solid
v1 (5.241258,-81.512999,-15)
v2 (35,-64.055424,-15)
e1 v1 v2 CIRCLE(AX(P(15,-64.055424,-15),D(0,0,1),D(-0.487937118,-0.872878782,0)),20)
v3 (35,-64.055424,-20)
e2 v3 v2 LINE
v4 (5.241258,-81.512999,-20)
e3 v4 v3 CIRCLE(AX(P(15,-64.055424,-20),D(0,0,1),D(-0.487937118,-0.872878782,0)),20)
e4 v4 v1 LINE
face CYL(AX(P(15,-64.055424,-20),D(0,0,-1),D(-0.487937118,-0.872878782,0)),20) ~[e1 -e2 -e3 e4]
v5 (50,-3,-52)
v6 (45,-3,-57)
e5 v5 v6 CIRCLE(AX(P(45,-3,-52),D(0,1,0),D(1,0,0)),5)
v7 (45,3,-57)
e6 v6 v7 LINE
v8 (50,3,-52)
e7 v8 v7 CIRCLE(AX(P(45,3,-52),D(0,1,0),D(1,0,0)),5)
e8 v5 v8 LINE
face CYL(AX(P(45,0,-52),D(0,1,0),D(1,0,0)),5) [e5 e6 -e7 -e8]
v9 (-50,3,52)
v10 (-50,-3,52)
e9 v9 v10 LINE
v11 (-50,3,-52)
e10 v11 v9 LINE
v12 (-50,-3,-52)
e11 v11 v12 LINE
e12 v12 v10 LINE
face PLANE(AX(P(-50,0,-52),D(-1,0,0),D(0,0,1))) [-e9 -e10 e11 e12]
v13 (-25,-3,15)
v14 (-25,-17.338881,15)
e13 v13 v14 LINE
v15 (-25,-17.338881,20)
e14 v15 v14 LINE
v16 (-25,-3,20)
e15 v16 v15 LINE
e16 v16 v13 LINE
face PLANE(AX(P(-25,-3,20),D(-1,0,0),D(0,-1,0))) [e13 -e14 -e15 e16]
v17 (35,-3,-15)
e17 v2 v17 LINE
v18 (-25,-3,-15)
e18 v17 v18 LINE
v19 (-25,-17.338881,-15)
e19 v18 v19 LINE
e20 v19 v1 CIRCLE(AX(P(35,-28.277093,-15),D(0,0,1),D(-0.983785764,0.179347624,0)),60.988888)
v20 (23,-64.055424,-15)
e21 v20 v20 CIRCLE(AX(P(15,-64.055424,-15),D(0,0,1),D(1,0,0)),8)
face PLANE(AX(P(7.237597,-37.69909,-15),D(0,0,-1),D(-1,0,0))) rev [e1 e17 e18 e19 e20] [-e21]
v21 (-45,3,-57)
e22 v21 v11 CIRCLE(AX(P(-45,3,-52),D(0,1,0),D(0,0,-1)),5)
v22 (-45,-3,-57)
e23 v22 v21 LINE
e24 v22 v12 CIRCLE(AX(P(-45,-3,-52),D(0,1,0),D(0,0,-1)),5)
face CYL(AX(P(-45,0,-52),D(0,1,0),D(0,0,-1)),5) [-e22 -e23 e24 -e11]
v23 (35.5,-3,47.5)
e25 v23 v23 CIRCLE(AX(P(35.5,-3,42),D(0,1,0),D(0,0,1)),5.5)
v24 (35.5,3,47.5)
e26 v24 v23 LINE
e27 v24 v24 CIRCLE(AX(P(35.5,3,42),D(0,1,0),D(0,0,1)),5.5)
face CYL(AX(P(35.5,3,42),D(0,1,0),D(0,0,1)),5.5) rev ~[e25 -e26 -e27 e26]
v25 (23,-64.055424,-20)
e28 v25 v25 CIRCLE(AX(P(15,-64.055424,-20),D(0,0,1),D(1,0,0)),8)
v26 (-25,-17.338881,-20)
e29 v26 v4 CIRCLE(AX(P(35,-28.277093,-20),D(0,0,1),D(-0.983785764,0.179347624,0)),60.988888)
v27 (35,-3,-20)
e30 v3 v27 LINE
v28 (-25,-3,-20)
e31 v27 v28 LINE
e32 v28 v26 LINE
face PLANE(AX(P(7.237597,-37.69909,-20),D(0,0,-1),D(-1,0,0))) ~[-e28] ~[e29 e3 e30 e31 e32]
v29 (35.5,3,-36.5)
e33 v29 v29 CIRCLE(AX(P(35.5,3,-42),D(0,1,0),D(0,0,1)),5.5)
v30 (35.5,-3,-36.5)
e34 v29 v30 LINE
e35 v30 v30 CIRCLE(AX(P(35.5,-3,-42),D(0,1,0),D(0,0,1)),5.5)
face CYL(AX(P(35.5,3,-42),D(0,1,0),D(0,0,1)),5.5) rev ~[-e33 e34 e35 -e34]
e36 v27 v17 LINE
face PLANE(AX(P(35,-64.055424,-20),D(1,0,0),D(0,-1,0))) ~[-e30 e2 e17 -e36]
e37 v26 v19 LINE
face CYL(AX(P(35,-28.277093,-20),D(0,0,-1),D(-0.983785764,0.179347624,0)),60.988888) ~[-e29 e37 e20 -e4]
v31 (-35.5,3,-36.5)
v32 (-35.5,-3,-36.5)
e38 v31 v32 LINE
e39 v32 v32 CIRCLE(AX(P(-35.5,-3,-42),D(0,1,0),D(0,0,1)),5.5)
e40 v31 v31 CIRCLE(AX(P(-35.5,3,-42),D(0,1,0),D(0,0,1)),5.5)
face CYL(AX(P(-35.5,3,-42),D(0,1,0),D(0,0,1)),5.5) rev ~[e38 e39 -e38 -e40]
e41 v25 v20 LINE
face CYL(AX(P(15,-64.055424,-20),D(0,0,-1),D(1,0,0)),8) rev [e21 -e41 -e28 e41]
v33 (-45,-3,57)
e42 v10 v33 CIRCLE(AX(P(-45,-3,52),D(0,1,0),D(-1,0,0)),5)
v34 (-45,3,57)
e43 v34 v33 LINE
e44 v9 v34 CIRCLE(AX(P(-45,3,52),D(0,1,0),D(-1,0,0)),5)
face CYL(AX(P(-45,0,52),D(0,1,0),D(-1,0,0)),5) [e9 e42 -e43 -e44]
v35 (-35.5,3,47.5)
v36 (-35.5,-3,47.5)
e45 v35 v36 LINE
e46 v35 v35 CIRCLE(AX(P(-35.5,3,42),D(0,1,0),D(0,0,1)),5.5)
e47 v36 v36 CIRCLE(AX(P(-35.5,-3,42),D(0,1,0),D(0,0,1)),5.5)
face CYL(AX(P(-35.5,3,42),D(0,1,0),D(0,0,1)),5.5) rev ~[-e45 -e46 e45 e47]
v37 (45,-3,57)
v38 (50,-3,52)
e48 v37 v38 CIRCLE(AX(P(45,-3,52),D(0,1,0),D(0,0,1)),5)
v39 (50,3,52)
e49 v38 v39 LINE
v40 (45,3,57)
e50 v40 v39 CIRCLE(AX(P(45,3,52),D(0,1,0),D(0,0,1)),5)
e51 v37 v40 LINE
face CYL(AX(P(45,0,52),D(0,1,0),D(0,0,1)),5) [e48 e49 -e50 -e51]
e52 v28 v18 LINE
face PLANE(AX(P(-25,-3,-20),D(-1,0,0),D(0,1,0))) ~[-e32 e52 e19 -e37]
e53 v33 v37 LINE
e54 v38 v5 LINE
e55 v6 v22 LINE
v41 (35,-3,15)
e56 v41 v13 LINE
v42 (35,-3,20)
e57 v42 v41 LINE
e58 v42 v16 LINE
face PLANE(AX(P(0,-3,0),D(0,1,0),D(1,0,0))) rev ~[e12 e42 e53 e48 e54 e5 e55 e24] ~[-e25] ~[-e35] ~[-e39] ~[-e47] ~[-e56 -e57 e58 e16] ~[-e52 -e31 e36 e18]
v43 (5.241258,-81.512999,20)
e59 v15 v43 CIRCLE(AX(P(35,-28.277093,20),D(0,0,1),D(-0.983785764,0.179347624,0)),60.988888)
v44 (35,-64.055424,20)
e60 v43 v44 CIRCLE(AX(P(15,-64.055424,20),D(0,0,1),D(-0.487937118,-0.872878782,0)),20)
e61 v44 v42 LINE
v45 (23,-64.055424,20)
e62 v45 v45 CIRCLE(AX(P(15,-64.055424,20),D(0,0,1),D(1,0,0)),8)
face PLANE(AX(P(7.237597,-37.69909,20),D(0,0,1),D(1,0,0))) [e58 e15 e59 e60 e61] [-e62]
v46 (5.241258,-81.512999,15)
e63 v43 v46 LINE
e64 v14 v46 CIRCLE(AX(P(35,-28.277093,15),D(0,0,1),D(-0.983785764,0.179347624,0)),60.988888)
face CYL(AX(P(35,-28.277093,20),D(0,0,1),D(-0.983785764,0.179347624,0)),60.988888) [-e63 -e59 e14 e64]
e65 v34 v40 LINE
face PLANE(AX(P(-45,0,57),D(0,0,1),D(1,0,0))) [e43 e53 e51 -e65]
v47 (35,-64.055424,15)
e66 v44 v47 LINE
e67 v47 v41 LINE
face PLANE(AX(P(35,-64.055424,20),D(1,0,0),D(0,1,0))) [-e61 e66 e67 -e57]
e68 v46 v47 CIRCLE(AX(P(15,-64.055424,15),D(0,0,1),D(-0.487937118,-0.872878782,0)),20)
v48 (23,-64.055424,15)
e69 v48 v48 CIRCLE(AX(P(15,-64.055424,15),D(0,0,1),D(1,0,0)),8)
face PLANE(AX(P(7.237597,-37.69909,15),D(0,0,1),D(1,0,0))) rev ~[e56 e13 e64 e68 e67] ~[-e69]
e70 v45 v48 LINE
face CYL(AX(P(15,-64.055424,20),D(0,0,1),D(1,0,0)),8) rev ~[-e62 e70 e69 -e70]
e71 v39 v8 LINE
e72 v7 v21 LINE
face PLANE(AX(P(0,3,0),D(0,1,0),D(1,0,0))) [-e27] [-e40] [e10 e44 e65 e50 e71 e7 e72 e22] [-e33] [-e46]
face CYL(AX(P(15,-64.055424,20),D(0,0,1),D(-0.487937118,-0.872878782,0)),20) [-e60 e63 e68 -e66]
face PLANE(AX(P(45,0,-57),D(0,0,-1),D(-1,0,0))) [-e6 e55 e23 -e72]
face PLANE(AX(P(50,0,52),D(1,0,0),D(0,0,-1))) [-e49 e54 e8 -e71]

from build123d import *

# Parameters (mm, degrees)
BOSS_EXTRUDE1_DEPTH = 3
BOSS_EXTRUDE2_START = 20
SKETCH2_R           = 8
BOSS_EXTRUDE2_DEPTH = 5
SKETCH3_R           = 5.5
CUT_EXTRUDE1_DEPTH  = 116.445427837


with BuildPart() as part:
    # Sketch1 → Boss-Extrude1 (new, symmetric)
    with BuildSketch(Plane(origin=(0, 0, 0), x_dir=(1, 0, 0), z_dir=(0, 1, 0))):
        with BuildLine():
            Line((-45, -57), (45, -57))
            ThreePointArc((45, -57), (48.535533906, -55.535533906), (50, -52))
            Line((50, -52), (50, 52))
            ThreePointArc((50, 52), (48.535533906, 55.535533906), (45, 57))
            Line((45, 57), (-45, 57))
            ThreePointArc((-45, 57), (-48.535533906, 55.535533906), (-50, 52))
            Line((-50, 52), (-50, -52))
            ThreePointArc((-50, -52), (-48.535533906, -55.535533906), (-45, -57))
        make_face()
    extrude(amount=BOSS_EXTRUDE1_DEPTH, both=True)

    # Sketch2 → Boss-Extrude2 (add)
    with BuildSketch(Plane.XY.offset(BOSS_EXTRUDE2_START)):
        with BuildLine():
            Line((-25, -3), (-25, -17.338880751))
            ThreePointArc((-25, -17.338880751), (-20.170076441, -54.275307328), (5.241257633, -81.512999419))
            ThreePointArc((5.241257633, -81.512999419), (25.119909898, -81.306146184), (35, -64.055423774))
            Line((35, -64.055423774), (35, -3))
            Line((35, -3), (-25, -3))
        make_face()
        with Locations((15, -64.055423774)):
            Circle(SKETCH2_R, mode=Mode.SUBTRACT)
    boss_extrude2 = extrude(amount=-BOSS_EXTRUDE2_DEPTH)

    # Mirror1: Boss-Extrude2 across plane
    add(boss_extrude2.mirror(Plane.XY))

    # Sketch3 → Cut-Extrude1 (cut, through all)
    with BuildSketch(Plane(origin=(0, 3, 0), x_dir=(1, 0, 0), z_dir=(0, 1, 0))):
        with Locations(Location((35.5, 42, 0), (0, 0, 270))):
            Circle(SKETCH3_R)
        with Locations(Location((-35.5, 42, 0), (0, 0, 270))):
            Circle(SKETCH3_R)
        with Locations(Location((-35.5, -42, 0), (0, 0, 270))):
            Circle(SKETCH3_R)
        with Locations(Location((35.5, -42, 0), (0, 0, 270))):
            Circle(SKETCH3_R)
    extrude(amount=-CUT_EXTRUDE1_DEPTH, mode=Mode.SUBTRACT)


solid = part.part
